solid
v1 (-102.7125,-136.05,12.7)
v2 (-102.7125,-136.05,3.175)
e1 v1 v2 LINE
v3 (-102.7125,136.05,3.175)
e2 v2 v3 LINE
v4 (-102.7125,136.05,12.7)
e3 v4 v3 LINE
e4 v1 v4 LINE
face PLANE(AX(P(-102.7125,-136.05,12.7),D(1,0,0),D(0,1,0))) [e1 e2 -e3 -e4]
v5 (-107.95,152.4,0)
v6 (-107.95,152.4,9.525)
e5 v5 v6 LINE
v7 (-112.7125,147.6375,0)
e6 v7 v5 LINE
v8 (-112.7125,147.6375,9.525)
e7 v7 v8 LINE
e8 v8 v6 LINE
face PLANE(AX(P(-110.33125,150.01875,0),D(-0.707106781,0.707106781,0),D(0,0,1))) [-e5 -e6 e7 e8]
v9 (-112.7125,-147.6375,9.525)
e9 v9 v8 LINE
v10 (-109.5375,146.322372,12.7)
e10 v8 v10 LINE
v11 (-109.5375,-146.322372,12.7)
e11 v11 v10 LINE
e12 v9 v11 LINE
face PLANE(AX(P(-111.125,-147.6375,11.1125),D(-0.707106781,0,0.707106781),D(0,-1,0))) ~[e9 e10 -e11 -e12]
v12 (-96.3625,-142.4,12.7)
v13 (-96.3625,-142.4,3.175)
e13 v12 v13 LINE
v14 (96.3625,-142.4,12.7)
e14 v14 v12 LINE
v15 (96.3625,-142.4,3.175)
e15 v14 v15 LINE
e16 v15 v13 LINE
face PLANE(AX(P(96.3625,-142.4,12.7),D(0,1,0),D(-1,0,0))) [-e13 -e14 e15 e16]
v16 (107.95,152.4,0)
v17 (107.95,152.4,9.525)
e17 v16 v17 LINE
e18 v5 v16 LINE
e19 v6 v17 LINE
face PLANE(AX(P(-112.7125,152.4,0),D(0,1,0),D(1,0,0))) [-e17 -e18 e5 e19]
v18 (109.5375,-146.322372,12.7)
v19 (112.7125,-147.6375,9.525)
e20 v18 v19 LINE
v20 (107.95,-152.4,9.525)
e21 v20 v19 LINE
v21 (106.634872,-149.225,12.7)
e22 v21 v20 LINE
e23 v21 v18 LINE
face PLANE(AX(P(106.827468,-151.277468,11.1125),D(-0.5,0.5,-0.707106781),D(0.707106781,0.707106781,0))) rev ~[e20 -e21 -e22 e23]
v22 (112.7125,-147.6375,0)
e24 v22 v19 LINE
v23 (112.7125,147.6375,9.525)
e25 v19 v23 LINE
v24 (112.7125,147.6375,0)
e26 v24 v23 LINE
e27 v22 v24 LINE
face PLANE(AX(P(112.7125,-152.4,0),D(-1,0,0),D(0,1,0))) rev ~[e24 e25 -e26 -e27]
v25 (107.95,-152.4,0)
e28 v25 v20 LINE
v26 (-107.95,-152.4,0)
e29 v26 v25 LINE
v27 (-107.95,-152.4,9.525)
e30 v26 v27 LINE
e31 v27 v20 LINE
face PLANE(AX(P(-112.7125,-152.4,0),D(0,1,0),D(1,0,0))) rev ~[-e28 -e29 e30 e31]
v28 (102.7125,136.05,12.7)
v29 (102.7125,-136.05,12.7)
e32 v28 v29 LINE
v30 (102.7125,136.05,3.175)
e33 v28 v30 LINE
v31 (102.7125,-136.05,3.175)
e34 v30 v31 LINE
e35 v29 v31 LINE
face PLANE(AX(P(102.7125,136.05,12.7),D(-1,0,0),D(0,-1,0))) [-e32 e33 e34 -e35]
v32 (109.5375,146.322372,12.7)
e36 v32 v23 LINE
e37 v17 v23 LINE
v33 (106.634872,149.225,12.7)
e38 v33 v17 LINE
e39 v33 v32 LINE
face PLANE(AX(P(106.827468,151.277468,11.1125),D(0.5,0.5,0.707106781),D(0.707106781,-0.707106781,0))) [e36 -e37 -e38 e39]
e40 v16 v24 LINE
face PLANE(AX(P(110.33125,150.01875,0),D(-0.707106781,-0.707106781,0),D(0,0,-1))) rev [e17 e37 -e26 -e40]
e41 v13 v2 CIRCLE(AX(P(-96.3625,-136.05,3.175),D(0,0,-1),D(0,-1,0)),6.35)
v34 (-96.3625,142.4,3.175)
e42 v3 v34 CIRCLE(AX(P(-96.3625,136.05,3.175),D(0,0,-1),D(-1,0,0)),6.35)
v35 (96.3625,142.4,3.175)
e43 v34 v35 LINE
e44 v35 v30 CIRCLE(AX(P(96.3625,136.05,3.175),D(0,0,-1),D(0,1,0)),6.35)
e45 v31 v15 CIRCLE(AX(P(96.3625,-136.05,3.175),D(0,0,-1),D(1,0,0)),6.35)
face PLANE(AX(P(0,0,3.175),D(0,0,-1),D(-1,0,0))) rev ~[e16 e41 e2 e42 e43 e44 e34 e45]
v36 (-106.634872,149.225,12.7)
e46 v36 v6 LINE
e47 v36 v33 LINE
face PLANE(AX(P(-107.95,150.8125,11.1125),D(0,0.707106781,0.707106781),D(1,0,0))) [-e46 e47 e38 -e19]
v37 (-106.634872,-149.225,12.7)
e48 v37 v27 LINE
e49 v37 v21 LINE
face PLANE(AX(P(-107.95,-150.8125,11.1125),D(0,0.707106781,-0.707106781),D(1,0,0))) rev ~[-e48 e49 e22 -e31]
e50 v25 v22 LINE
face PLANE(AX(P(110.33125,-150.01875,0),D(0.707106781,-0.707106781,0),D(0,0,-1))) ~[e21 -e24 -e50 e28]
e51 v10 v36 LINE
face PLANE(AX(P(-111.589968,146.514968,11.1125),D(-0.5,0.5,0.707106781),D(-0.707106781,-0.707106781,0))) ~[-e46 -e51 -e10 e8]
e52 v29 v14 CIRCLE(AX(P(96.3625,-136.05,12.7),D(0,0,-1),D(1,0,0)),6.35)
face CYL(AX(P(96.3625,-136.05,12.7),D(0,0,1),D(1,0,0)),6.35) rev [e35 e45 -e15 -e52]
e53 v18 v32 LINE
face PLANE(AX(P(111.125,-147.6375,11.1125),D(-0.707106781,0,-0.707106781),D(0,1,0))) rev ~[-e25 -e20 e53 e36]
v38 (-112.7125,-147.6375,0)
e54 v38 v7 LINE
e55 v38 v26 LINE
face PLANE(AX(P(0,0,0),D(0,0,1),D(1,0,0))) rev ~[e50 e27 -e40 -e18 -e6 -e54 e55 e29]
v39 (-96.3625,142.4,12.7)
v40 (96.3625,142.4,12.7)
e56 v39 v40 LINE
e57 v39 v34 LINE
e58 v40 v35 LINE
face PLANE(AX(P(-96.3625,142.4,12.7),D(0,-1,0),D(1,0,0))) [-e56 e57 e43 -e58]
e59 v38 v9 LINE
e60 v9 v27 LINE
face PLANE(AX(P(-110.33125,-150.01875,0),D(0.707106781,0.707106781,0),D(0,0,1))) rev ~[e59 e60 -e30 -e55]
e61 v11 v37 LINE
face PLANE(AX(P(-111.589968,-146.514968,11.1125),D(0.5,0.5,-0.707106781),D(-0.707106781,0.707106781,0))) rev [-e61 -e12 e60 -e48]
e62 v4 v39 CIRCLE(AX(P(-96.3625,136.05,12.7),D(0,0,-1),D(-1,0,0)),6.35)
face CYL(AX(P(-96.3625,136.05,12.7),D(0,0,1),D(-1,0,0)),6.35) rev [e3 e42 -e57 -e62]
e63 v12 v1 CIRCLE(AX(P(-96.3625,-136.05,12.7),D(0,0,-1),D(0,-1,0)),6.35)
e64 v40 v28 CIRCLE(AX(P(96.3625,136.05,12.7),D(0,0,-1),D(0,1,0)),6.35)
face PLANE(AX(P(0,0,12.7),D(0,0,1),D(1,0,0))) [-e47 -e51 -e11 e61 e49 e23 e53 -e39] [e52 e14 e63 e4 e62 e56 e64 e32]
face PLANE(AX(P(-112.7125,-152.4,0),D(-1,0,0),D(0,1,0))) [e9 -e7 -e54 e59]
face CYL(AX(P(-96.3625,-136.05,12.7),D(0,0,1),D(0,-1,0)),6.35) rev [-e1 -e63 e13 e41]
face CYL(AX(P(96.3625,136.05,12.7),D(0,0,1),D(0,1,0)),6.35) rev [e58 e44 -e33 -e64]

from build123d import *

# Parameters (mm, degrees)
SKETCH1_W           = 225.425
SKETCH1_H           = 304.8
BOSS_EXTRUDE1_DEPTH = 12.7
CUT_EXTRUDE1_DEPTH  = 9.525
CHAMFER2_SIZE       = 4.7625
CHAMFER1_SIZE       = 3.175


with BuildPart() as part:
    # Sketch1 → Boss-Extrude1 (new body)
    with BuildSketch(Plane.XY):
        Rectangle(SKETCH1_W, SKETCH1_H)
    extrude(amount=BOSS_EXTRUDE1_DEPTH)

    # Sketch2 → Cut-Extrude1 (cut)
    with BuildSketch(Plane.XY.offset(12.7)):
        with BuildLine():
            Line((96.3625, -142.4), (-96.3625, -142.4))
            ThreePointArc((-96.3625, -142.4), (-100.852628061, -140.540128061), (-102.7125, -136.05))
            Line((-102.7125, -136.05), (-102.7125, 136.05))
            ThreePointArc((-102.7125, 136.05), (-100.852628061, 140.540128061), (-96.3625, 142.4))
            Line((-96.3625, 142.4), (96.3625, 142.4))
            ThreePointArc((96.3625, 142.4), (100.852628061, 140.540128061), (102.7125, 136.05))
            Line((102.7125, 136.05), (102.7125, -136.05))
            ThreePointArc((102.7125, -136.05), (100.852628061, -140.540128061), (96.3625, -142.4))
        make_face()
    extrude(amount=-CUT_EXTRUDE1_DEPTH, mode=Mode.SUBTRACT)

    # Chamfer2
    chamfer2_edges = [part.edges().sort_by_distance(p)[0] for p in [
        (-112.7125, 152.4, 6.35),
        (112.7125, 152.4, 6.35),
        (112.7125, -152.4, 6.35),
        (-112.7125, -152.4, 6.35),
    ]]
    chamfer(chamfer2_edges, length=CHAMFER2_SIZE)

    # Chamfer1
    chamfer1_edges = [part.edges().sort_by_distance(p)[0] for p in [
        (0, -152.4, 12.7),
        (-112.7125, 0, 12.7),
        (112.7125, 0, 12.7),
        (0, 152.4, 12.7),
        (110.33125, 150.01875, 12.7),
        (110.33125, -150.01875, 12.7),
        (-110.33125, 150.01875, 12.7),
        (-110.33125, -150.01875, 12.7),
    ]]
    chamfer(chamfer1_edges, length=CHAMFER1_SIZE)


solid = part.part
